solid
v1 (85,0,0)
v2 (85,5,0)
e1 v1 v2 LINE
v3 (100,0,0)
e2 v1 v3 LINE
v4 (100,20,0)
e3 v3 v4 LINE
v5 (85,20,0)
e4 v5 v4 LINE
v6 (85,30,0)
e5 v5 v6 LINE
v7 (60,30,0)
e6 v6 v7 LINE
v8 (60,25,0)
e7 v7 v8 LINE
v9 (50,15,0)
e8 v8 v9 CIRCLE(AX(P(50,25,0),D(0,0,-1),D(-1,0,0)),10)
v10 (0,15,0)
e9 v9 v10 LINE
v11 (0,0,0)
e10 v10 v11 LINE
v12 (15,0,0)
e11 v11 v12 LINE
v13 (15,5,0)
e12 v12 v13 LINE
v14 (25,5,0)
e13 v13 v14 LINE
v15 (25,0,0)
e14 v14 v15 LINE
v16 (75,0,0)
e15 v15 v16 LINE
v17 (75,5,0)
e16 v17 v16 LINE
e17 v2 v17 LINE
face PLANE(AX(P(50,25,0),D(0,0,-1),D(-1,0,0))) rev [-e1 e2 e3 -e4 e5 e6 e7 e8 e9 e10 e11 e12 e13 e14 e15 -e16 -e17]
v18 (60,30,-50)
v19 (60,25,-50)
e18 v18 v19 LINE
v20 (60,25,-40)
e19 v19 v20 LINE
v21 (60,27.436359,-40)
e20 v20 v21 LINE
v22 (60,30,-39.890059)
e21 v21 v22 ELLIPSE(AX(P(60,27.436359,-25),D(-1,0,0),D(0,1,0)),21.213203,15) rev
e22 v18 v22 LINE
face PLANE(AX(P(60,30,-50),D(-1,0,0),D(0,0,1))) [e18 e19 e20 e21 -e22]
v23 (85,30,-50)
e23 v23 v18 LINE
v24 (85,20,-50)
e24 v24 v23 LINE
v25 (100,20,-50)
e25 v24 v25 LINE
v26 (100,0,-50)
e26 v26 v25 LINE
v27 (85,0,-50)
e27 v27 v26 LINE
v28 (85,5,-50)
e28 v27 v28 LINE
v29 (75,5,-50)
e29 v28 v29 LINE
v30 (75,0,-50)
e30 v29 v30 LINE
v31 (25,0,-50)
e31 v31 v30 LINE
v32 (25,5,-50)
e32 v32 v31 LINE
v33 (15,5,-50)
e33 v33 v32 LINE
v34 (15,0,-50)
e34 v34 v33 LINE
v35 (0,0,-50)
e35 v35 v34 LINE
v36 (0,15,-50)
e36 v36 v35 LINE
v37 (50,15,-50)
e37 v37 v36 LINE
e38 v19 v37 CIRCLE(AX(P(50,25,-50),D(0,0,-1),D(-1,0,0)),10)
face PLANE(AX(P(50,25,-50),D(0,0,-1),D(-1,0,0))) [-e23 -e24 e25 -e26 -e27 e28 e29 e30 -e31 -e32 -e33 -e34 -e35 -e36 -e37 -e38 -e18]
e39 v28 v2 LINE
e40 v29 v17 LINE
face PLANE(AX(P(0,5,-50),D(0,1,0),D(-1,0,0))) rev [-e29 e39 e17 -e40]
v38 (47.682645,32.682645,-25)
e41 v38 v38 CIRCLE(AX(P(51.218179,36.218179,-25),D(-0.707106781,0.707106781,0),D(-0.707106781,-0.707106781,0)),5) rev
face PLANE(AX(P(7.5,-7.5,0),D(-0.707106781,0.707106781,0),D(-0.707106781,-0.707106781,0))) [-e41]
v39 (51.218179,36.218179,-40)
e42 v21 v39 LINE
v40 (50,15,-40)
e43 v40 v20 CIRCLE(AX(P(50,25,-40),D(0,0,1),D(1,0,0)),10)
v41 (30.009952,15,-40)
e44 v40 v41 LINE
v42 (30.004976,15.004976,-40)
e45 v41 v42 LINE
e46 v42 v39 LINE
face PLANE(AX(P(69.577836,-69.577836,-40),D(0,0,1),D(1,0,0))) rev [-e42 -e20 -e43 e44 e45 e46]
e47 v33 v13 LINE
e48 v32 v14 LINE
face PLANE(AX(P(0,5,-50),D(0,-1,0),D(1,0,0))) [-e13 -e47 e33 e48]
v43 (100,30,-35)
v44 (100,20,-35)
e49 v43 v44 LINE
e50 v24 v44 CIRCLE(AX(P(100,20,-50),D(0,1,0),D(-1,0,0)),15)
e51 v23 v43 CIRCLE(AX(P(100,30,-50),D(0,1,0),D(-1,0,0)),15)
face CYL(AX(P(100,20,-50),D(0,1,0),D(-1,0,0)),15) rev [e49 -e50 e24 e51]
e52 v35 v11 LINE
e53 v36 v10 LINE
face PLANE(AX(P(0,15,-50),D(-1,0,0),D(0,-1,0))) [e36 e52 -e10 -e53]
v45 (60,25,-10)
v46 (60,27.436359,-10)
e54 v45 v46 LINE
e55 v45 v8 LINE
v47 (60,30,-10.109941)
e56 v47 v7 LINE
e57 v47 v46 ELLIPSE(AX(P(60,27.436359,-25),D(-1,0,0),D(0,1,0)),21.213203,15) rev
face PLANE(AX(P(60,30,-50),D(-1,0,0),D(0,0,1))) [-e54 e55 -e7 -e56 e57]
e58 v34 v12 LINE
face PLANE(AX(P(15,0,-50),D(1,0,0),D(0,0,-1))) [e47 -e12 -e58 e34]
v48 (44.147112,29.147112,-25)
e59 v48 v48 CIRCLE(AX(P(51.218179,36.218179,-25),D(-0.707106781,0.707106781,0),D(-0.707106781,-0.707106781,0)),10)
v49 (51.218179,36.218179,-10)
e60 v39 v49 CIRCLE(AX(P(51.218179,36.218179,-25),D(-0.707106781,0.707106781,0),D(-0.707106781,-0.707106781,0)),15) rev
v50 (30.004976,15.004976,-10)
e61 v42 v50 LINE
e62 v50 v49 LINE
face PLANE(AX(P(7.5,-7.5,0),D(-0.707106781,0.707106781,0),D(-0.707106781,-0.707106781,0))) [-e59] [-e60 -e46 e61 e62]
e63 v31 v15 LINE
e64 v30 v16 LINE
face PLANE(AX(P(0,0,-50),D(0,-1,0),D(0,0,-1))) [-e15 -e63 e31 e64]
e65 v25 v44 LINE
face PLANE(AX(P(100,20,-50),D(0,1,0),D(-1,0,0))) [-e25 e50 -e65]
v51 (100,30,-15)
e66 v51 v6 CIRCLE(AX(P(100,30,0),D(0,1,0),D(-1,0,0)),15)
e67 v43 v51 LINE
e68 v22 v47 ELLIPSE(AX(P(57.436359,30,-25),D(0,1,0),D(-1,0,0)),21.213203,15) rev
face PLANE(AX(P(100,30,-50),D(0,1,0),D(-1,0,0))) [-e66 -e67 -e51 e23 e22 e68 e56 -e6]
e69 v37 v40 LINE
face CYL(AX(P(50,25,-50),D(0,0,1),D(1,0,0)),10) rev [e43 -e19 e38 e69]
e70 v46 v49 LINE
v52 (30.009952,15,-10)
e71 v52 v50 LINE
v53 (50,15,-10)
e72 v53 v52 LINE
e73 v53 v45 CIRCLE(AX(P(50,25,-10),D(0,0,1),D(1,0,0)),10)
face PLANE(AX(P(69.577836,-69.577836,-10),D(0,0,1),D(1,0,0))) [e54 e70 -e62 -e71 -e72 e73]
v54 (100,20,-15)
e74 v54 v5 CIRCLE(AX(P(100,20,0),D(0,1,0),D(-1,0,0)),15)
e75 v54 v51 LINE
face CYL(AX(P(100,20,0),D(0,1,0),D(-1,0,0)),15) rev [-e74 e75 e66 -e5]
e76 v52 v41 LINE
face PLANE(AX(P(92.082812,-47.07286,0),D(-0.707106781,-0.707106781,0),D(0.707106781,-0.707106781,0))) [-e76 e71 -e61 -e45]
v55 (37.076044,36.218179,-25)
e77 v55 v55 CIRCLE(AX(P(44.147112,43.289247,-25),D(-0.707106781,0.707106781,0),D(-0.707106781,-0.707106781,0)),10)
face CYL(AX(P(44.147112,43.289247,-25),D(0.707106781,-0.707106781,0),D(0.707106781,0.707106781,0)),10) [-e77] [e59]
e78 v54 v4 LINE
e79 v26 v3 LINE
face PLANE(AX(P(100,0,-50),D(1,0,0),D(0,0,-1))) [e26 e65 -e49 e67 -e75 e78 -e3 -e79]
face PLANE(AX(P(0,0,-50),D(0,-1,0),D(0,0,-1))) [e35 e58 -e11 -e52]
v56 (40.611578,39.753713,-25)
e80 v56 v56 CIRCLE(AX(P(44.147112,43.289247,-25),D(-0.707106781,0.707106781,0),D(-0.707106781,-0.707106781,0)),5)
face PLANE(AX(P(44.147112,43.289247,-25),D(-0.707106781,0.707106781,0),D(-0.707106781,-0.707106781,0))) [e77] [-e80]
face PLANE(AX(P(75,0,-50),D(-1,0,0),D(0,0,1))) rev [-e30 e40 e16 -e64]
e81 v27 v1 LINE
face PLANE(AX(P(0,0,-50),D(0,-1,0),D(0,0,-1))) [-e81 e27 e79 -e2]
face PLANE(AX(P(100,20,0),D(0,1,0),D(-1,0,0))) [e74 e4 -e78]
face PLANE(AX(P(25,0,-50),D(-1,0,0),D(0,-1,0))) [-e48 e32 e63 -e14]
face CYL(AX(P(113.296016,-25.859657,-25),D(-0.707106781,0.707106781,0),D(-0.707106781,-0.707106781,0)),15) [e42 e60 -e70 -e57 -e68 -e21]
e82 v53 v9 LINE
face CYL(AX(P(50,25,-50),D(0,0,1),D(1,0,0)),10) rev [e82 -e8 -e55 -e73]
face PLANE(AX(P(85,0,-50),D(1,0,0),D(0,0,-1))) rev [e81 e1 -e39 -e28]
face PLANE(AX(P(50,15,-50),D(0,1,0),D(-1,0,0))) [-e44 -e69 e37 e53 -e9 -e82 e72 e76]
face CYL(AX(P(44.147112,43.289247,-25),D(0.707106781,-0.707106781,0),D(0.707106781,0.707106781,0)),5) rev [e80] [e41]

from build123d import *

# Parameters (mm, degrees)
BOSS_EXTRUDE1_DEPTH = 50
BOSS_EXTRUDE2_REACH = 113.636
SKETCH2_W           = 30
SKETCH2_H           = 14.135098559
SKETCH3_R           = 10
SKETCH3_R_2         = 5
BOSS_EXTRUDE3_DEPTH = 10
SKETCH4_R           = 15
CUT_EXTRUDE1_DEPTH  = 10
SKETCH5_W           = 10
SKETCH5_H           = 5
CUT_EXTRUDE2_DEPTH  = 123.622026278


with BuildPart() as part:
    # Sketch1 → Boss-Extrude1 (new body)
    with BuildSketch(Plane.XY):
        with BuildLine():
            Line((0, 0), (100, 0))
            Line((100, 0), (100, 30))
            Line((100, 30), (60, 30))
            Line((60, 30), (60, 25))
            ThreePointArc((60, 25), (57.071067812, 17.928932188), (50, 15))
            Line((50, 15), (0, 15))
            Line((0, 15), (0, 0))
        make_face()
    extrude(amount=-BOSS_EXTRUDE1_DEPTH)

    # Boss-Extrude2: up to this plane
    boss_extrude2_end = Plane(origin=(50, 15, -50), z_dir=(0, 1, 0))
    # Sketch2 → Boss-Extrude2 (add, up to the surface)
    with BuildSketch(Plane(origin=(7.5, -7.5, 0), x_dir=(0, 0, 1), z_dir=(-0.7071067811865489, 0.7071067811865462, 0)), mode=Mode.PRIVATE) as boss_extrude2_sk1:
        with Locations((-25, 38.894391498)):
            Rectangle(SKETCH2_W, SKETCH2_H)
    boss_extrude2_tool1 = split(extrude(boss_extrude2_sk1.sketch, amount=-BOSS_EXTRUDE2_REACH, mode=Mode.PRIVATE), bisect_by=boss_extrude2_end, keep=Keep.BOTH, mode=Mode.PRIVATE)
    add(boss_extrude2_tool1.solids().sort_by_distance((35.002488, 20.002488, -25))[0])
    # Sketch2 → Boss-Extrude2 (add, up to the surface)
    with BuildSketch(Plane(origin=(7.5, -7.5, 0), x_dir=(0, 0, 1), z_dir=(-0.7071067811865489, 0.7071067811865462, 0)), mode=Mode.PRIVATE) as boss_extrude2_sk2:
        with BuildLine():
            Line((-40, 61.826842218), (-40, 45.961940777))
            Line((-40, 45.961940777), (-10, 45.961940777))
            Line((-10, 45.961940777), (-10, 61.826842218))
            ThreePointArc((-10, 61.826842218), (-25, 76.826842218), (-40, 61.826842218))
        make_face()
    boss_extrude2_tool2 = split(extrude(boss_extrude2_sk2.sketch, amount=-BOSS_EXTRUDE2_REACH, mode=Mode.PRIVATE), bisect_by=boss_extrude2_end, keep=Keep.BOTH, mode=Mode.PRIVATE)
    add(boss_extrude2_tool2.solids().sort_by_distance((49.917636, 34.917636, -25))[0])

    # Sketch3 → Boss-Extrude3 (add)
    with BuildSketch(Plane(origin=(7.5, -7.5, 0), x_dir=(0, 0, 1), z_dir=(-0.7071067811865488, 0.7071067811865464, 0))):
        with Locations(Location((-25, 61.826842218, 0), (0, 0, 270))):
            Circle(SKETCH3_R)
        with Locations(Location((-25, 61.826842218, 0), (0, 0, 270))):
            Circle(SKETCH3_R_2, mode=Mode.SUBTRACT)
    extrude(amount=BOSS_EXTRUDE3_DEPTH)

    # Sketch4 → Cut-Extrude1 (cut)
    with BuildSketch(Plane(origin=(0, 30, 0), x_dir=(1, 0, 0), z_dir=(0, 1, 0))):
        with Locations((100, 50)):
            Circle(SKETCH4_R)
        with Locations((100, 0)):
            Circle(SKETCH4_R)
    extrude(amount=-CUT_EXTRUDE1_DEPTH, mode=Mode.SUBTRACT)

    # Sketch5 → Cut-Extrude2 (cut, through all)
    with BuildSketch(Plane.XY):
        with Locations((20, 2.5)):
            Rectangle(SKETCH5_W, SKETCH5_H)
        with Locations((80, 2.5)):
            Rectangle(SKETCH5_W, SKETCH5_H)
    extrude(amount=-CUT_EXTRUDE2_DEPTH, mode=Mode.SUBTRACT)


solid = part.part
